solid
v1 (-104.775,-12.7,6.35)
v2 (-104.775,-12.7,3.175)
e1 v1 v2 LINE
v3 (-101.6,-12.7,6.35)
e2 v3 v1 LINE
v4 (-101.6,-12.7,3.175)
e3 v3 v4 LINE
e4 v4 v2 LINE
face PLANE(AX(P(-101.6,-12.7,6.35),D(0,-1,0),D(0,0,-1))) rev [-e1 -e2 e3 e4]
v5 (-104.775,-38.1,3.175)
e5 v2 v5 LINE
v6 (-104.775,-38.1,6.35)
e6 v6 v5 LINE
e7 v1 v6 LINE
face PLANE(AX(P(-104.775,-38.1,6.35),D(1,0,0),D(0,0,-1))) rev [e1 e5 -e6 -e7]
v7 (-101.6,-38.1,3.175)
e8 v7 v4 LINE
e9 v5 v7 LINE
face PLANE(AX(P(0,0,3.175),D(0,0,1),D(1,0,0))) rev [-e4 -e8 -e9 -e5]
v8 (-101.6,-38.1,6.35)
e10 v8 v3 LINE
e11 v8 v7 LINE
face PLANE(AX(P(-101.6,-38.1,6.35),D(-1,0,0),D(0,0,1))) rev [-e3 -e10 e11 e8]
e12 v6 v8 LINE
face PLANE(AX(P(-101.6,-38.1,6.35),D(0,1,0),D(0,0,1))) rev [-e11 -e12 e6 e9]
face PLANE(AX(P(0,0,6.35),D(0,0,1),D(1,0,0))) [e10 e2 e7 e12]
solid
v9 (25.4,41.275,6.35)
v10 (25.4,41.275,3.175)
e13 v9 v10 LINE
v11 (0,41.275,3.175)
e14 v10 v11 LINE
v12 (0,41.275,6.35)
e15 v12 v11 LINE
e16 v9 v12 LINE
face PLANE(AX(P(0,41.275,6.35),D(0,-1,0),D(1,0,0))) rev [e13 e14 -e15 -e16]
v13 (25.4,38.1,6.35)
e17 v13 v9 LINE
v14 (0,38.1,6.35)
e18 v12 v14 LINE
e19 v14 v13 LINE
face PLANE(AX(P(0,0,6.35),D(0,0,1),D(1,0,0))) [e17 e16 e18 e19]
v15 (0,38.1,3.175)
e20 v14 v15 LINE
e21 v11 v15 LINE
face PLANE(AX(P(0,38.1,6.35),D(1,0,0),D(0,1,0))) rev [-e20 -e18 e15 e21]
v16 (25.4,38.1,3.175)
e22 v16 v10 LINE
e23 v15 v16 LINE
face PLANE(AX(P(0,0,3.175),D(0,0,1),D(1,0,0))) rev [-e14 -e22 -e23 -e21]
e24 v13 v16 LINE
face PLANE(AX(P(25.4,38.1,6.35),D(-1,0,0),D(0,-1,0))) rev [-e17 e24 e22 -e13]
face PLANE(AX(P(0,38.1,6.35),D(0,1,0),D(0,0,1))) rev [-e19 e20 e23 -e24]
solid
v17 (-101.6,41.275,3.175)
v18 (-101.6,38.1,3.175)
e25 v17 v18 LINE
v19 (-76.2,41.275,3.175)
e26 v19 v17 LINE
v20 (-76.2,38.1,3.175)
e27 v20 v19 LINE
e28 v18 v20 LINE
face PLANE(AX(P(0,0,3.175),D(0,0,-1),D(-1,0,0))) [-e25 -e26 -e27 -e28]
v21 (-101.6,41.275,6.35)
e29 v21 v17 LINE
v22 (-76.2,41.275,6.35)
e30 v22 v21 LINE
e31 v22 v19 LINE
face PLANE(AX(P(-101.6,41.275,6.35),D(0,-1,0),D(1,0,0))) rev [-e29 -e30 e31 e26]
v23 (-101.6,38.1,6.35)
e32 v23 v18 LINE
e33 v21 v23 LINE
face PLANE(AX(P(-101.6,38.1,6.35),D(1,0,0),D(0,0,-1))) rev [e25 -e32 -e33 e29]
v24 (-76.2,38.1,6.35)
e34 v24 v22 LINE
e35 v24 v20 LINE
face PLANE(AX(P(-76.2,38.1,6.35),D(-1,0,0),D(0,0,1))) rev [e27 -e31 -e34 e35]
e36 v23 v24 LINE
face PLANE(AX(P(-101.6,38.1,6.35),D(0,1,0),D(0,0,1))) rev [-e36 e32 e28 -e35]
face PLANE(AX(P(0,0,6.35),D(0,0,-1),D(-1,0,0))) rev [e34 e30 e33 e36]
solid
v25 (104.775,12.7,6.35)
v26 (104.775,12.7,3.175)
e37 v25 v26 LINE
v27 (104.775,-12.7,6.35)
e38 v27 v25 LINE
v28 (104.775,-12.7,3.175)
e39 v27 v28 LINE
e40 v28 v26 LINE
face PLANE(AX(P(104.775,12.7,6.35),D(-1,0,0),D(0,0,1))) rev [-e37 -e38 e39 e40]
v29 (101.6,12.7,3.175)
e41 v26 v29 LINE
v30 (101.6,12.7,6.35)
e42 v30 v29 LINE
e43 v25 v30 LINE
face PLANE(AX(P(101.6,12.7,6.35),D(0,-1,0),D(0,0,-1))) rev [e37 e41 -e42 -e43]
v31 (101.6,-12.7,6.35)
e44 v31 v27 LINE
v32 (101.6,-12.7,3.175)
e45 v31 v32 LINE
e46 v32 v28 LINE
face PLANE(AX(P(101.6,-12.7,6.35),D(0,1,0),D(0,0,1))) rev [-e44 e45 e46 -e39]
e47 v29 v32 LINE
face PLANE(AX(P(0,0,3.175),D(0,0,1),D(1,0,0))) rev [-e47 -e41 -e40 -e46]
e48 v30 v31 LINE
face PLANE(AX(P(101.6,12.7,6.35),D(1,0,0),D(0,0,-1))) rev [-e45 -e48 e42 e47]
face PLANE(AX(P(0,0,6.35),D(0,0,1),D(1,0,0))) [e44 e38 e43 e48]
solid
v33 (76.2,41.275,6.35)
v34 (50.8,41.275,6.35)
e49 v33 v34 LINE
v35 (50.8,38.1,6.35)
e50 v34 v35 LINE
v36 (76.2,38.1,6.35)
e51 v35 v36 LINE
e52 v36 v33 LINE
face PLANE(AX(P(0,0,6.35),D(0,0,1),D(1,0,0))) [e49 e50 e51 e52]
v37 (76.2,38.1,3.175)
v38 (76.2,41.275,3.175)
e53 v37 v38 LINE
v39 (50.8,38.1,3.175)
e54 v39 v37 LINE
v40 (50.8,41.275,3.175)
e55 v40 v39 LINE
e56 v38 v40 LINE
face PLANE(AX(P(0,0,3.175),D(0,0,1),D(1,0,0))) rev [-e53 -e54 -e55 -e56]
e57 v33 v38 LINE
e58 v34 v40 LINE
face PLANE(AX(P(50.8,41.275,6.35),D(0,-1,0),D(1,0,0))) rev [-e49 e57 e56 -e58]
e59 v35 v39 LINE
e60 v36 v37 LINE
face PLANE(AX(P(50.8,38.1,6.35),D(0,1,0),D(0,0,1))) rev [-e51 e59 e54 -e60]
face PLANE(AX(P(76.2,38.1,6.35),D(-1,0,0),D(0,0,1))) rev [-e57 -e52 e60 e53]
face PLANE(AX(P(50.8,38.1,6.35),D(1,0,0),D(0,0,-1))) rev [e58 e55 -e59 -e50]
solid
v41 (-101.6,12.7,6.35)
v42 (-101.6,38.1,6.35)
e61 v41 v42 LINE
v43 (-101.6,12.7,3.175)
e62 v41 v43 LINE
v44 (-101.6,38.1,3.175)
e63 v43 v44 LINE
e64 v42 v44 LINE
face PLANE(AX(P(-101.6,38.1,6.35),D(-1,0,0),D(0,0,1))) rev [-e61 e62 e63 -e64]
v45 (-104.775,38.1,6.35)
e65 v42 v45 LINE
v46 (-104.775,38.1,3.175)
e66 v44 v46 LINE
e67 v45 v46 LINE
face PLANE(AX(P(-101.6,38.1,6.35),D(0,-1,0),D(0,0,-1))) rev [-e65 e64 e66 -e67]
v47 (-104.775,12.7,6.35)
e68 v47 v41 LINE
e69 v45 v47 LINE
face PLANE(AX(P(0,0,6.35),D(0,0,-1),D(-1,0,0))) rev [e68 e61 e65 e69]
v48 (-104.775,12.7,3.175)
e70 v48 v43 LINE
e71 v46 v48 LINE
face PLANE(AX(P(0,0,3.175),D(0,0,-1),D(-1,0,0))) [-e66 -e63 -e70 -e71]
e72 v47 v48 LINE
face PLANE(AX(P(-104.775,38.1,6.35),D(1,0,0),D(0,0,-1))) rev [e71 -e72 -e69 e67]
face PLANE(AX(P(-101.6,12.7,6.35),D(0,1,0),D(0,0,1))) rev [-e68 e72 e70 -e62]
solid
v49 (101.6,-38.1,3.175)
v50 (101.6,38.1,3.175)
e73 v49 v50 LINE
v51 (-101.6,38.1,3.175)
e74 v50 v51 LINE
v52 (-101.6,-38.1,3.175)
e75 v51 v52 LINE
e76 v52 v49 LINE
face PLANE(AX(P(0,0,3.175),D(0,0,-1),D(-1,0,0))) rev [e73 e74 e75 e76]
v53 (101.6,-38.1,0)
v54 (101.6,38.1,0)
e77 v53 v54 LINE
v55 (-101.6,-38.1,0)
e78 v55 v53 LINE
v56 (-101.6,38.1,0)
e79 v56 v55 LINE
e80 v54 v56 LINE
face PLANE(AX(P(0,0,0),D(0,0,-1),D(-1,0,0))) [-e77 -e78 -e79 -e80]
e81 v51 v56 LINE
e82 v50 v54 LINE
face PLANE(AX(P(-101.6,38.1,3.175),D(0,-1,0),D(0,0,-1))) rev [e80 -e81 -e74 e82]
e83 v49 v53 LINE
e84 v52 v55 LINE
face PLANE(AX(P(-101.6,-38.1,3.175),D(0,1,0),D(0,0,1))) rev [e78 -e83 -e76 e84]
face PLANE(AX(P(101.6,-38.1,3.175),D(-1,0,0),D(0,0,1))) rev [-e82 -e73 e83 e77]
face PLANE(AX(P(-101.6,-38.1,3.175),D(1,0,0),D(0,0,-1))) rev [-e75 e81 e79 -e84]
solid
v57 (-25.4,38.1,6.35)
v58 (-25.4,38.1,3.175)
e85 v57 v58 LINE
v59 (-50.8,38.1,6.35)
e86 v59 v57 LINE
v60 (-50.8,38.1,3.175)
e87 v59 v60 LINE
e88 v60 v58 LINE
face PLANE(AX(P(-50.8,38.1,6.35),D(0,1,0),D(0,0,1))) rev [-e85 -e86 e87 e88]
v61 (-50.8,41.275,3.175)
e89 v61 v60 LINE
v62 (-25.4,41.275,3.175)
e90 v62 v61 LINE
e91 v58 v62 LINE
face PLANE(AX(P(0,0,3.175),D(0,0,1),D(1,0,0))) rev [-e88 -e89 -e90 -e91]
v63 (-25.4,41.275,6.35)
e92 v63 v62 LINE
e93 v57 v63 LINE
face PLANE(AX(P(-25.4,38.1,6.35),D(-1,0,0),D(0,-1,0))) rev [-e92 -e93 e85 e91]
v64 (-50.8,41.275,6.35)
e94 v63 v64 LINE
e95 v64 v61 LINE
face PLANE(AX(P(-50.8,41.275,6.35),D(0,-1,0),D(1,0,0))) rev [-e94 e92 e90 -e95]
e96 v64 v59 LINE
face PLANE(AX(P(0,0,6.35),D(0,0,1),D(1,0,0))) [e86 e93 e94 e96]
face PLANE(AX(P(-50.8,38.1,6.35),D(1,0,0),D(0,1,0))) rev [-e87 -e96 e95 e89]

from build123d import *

# Parameters (mm, degrees)
SKETCH1_W             = 203.2
SKETCH1_H             = 76.2
BOSS_EXTRUDE1_DEPTH   = 3.175
SKETCH2_W             = 25.4
SKETCH2_H             = 3.175
BOSS_EXTRUDE2_DEPTH   = 3.175
BOSS_EXTRUDE2_2_DEPTH = 3.175
BOSS_EXTRUDE2_3_DEPTH = 3.175
BOSS_EXTRUDE2_4_DEPTH = 3.175
SKETCH4_W             = 3.175
SKETCH4_H             = 25.4
BOSS_EXTRUDE4_DEPTH   = 3.175
BOSS_EXTRUDE4_2_DEPTH = 3.175
SKETCH6_W             = 3.175
SKETCH6_H             = 25.4
BOSS_EXTRUDE6_DEPTH   = 3.175


with BuildPart() as part:
    # Sketch1 → Boss-Extrude1 (new body)
    with BuildSketch(Plane.XY):
        Rectangle(SKETCH1_W, SKETCH1_H)
    extrude(amount=BOSS_EXTRUDE1_DEPTH)


with BuildPart() as body_2:
    # Sketch2 → Boss-Extrude2 (new body)
    with BuildSketch(Plane.XY.offset(3.175)):
        with Locations((-38.1, 39.6875)):
            Rectangle(SKETCH2_W, SKETCH2_H)
    extrude(amount=BOSS_EXTRUDE2_DEPTH)


with BuildPart() as body_3:
    # Sketch2 → Boss-Extrude2 2 (new body)
    with BuildSketch(Plane.XY.offset(3.175)):
        with Locations((-88.9, 39.6875)):
            Rectangle(SKETCH2_W, SKETCH2_H)
    extrude(amount=BOSS_EXTRUDE2_2_DEPTH)


with BuildPart() as body_4:
    # Sketch2 → Boss-Extrude2 3 (new body)
    with BuildSketch(Plane.XY.offset(3.175)):
        with Locations((12.7, 39.6875)):
            Rectangle(SKETCH2_W, SKETCH2_H)
    extrude(amount=BOSS_EXTRUDE2_3_DEPTH)


with BuildPart() as body_5:
    # Sketch2 → Boss-Extrude2 4 (new body)
    with BuildSketch(Plane.XY.offset(3.175)):
        with Locations((63.5, 39.6875)):
            Rectangle(SKETCH2_W, SKETCH2_H)
    extrude(amount=BOSS_EXTRUDE2_4_DEPTH)


with BuildPart() as body_6:
    # Sketch4 → Boss-Extrude4 (new body)
    with BuildSketch(Plane.XY.offset(3.175)):
        with Locations((-103.1875, -25.4)):
            Rectangle(SKETCH4_W, SKETCH4_H)
    extrude(amount=BOSS_EXTRUDE4_DEPTH)


with BuildPart() as body_7:
    # Sketch4 → Boss-Extrude4 2 (new body)
    with BuildSketch(Plane.XY.offset(3.175)):
        with Locations((-103.1875, 25.4)):
            Rectangle(SKETCH4_W, SKETCH4_H)
    extrude(amount=BOSS_EXTRUDE4_2_DEPTH)


with BuildPart() as body_8:
    # Sketch6 → Boss-Extrude6 (new body)
    with BuildSketch(Plane.XY.offset(3.175)):
        with Locations((103.1875, 0)):
            Rectangle(SKETCH6_W, SKETCH6_H)
    extrude(amount=BOSS_EXTRUDE6_DEPTH)


solid = Compound([part.part, body_2.part, body_3.part, body_4.part, body_5.part, body_6.part, body_7.part, body_8.part])
